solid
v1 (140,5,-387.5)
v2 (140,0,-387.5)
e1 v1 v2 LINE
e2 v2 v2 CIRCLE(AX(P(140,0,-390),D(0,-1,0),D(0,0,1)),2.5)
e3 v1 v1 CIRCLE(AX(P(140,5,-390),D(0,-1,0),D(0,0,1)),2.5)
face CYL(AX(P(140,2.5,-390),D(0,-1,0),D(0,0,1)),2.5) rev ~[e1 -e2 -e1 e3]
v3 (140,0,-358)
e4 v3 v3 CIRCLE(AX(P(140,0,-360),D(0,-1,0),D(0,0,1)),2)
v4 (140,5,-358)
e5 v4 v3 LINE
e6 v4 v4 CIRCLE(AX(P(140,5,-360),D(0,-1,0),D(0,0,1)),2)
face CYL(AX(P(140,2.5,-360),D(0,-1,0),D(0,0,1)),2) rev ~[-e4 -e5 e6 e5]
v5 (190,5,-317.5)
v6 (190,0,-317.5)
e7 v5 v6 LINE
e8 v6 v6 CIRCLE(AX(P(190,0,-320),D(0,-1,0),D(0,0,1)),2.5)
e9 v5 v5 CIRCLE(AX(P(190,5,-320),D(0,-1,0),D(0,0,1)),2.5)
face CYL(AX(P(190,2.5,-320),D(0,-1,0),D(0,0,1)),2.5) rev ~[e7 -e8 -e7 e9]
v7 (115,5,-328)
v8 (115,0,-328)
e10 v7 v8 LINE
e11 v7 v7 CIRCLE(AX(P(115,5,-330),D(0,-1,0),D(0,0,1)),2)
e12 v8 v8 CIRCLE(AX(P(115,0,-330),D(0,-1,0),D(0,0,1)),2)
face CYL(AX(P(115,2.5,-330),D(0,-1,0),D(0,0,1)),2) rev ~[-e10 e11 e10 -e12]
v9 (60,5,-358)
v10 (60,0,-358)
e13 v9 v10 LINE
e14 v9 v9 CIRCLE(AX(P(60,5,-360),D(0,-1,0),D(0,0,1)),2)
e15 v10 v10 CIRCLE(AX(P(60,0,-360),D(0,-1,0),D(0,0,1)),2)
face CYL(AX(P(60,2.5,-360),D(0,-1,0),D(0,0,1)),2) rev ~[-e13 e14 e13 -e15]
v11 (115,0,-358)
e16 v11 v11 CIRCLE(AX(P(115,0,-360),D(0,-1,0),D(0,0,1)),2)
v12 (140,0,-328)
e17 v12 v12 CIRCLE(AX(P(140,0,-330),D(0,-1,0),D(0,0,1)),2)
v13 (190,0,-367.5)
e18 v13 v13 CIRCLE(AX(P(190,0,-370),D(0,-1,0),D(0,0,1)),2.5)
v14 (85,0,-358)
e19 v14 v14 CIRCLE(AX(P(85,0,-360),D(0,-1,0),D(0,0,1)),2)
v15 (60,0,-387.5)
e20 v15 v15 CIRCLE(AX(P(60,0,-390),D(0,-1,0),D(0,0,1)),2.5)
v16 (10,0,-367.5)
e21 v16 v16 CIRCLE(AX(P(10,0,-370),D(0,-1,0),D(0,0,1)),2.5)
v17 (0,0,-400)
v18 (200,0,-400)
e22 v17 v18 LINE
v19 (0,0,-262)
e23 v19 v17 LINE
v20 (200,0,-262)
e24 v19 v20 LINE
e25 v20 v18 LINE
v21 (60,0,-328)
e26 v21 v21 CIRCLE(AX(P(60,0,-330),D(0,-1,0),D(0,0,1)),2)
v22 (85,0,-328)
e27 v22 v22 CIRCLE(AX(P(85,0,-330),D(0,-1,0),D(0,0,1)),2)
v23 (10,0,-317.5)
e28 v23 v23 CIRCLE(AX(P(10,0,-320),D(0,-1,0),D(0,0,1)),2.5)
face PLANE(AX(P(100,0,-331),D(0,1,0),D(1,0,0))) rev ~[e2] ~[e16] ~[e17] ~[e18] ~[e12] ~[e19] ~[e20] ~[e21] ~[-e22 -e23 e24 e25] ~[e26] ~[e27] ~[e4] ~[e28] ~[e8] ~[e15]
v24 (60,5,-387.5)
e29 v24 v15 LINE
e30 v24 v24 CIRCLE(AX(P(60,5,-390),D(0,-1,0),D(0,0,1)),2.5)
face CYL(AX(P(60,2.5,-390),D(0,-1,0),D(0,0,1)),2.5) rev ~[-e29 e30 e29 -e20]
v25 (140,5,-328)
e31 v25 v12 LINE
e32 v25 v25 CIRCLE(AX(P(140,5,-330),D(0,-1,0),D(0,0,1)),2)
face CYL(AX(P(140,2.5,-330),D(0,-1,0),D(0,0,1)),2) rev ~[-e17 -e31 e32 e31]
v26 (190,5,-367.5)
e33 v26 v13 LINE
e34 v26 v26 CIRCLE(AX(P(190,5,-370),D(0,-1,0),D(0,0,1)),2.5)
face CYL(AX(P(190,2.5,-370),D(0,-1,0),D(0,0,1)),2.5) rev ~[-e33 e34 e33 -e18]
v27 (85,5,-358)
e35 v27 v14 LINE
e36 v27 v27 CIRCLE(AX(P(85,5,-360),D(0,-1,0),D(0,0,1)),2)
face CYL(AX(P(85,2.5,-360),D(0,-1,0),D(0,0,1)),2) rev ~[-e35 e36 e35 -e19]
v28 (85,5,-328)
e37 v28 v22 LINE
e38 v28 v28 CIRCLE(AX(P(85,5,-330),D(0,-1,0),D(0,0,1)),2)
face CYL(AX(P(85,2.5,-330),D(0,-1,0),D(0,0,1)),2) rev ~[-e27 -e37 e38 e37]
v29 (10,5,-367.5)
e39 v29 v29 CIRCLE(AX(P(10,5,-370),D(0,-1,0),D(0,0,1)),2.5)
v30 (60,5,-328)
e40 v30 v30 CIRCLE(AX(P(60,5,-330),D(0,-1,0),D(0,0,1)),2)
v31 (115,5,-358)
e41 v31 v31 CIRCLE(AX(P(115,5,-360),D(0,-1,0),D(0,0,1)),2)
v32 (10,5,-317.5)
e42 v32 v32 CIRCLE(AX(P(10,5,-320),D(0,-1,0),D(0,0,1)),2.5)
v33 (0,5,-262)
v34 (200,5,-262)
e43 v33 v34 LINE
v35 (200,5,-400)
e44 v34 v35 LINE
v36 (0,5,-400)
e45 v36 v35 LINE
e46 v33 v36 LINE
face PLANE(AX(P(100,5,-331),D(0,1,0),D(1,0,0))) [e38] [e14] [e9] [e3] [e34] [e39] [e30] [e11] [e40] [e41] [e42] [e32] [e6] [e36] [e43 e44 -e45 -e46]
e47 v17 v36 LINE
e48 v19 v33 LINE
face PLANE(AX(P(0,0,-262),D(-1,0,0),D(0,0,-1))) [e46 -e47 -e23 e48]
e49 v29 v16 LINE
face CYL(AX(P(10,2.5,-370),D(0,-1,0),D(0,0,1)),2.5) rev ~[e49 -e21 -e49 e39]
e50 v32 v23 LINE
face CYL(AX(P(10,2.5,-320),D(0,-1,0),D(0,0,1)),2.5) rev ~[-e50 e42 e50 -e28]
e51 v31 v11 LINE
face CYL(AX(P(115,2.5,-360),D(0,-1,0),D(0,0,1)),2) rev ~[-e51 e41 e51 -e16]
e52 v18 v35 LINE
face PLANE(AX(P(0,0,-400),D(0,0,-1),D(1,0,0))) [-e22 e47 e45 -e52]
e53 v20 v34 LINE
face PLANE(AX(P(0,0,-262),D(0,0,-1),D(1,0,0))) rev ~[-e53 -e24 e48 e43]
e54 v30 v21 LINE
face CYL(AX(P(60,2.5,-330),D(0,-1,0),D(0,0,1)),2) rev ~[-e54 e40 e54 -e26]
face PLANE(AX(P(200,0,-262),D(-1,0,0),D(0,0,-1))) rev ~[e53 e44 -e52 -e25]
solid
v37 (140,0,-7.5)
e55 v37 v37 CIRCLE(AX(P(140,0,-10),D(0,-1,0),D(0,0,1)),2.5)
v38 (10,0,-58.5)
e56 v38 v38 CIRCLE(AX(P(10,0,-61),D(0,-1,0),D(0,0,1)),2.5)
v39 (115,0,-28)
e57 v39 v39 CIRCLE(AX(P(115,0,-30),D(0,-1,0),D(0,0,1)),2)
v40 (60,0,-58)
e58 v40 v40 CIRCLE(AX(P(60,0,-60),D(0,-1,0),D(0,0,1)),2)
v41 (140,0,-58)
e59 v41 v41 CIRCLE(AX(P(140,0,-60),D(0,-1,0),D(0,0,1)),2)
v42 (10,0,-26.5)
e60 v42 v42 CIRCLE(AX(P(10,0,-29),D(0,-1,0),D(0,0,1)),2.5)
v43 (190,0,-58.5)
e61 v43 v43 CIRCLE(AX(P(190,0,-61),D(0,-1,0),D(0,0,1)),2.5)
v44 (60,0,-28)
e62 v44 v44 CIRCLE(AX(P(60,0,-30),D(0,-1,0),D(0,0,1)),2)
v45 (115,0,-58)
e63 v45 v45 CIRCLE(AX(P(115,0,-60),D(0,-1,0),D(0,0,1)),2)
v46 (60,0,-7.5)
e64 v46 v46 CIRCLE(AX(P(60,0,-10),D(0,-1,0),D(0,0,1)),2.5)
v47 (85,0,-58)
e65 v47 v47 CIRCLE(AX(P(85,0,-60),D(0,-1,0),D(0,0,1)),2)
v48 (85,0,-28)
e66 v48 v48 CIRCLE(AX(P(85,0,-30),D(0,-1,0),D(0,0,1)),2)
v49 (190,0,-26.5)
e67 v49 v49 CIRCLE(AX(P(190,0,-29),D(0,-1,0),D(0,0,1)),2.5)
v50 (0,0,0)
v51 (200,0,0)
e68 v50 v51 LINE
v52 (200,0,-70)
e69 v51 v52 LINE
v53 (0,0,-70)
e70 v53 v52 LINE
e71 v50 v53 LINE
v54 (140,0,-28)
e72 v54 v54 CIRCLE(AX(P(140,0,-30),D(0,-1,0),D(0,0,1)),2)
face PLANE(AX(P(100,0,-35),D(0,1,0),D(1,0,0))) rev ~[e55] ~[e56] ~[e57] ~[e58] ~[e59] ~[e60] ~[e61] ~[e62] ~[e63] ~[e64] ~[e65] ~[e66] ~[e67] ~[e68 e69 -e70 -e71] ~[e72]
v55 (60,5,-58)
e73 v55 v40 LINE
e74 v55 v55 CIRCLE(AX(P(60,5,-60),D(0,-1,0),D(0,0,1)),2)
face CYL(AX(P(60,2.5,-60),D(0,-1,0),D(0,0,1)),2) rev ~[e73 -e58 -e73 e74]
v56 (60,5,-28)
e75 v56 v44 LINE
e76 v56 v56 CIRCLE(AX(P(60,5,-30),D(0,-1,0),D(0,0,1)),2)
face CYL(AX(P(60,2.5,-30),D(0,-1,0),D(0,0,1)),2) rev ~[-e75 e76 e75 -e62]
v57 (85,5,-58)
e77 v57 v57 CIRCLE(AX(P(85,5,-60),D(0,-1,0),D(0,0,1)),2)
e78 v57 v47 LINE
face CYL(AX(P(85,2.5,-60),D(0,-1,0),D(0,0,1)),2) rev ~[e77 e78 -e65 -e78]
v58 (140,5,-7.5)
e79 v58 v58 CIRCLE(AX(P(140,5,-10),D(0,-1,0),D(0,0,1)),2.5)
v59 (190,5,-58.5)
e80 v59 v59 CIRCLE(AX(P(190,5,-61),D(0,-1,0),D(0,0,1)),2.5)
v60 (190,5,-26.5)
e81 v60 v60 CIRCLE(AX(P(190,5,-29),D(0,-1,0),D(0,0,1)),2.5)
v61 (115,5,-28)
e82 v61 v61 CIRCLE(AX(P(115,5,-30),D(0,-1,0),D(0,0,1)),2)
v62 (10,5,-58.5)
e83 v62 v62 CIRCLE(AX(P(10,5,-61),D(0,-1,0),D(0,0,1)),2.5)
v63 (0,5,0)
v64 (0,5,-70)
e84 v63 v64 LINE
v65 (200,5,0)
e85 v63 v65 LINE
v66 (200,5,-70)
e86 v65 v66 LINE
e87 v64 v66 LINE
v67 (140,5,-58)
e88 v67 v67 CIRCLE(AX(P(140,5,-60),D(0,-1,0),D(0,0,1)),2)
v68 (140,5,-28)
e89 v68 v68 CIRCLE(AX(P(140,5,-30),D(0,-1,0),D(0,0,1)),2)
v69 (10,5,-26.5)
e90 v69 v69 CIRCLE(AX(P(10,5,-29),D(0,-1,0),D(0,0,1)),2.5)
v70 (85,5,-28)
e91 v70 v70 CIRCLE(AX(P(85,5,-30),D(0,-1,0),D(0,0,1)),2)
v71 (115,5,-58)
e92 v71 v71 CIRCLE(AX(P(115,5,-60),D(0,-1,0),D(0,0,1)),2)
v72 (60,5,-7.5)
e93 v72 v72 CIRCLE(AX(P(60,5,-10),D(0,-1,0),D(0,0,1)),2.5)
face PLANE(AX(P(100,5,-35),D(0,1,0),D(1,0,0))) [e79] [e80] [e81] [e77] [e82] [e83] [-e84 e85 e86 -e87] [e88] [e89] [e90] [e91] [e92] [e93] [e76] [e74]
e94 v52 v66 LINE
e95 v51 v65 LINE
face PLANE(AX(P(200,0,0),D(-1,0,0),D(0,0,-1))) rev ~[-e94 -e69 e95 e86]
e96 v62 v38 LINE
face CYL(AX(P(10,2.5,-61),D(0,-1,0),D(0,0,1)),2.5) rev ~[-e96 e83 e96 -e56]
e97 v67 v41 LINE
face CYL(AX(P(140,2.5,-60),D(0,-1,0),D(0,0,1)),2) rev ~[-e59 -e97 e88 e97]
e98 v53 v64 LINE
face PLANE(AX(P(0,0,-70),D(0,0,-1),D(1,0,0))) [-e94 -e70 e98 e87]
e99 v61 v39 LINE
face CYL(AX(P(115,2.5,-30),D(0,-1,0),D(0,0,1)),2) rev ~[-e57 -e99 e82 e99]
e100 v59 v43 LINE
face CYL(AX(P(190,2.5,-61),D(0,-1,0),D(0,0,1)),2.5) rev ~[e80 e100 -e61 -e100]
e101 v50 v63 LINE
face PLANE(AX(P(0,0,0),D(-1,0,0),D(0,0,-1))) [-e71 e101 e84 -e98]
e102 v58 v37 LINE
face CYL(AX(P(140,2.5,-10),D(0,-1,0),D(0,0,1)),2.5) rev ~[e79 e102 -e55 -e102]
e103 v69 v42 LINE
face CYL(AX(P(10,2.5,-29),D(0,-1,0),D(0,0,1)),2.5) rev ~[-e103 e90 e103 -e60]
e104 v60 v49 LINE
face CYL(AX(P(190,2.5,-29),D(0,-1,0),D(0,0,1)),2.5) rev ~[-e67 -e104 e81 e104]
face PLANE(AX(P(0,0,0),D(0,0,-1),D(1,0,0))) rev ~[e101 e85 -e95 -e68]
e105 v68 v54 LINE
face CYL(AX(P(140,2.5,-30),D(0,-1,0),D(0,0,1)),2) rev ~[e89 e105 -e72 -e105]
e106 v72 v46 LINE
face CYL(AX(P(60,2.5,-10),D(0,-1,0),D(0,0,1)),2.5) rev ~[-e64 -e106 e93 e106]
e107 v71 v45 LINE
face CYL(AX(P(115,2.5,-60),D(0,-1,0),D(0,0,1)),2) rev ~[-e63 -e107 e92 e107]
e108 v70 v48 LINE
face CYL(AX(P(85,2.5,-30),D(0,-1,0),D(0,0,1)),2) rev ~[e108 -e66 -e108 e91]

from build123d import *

# Parameters (mm, degrees)
SKETCH_1_W                      = 200
SKETCH_1_H                      = 70
EXTRUDE_1_DEPTH                 = 5
SKETCH_1_H_2                    = 138
EXTRUDE_1_2_DEPTH               = 5
SKETCH_2_W                      = 2
SKETCH_2_H                      = 5
HOLE_WIZARD_4_0_4_1_AT_2_COUNT  = 2
HOLE_WIZARD_4_0_4_1_AT_2_PITCH  = 25
HOLE_WIZARD_4_0_4_1_AT_3_COUNT  = 2
HOLE_WIZARD_4_0_4_1_AT_3_PITCH  = 30
HOLE_WIZARD_4_0_4_1_AT_4_COUNT  = 2
HOLE_WIZARD_4_0_4_1_AT_4_PITCH  = 39.05124838
HOLE_WIZARD_4_0_4_1_AT_5_COUNT  = 2
HOLE_WIZARD_4_0_4_1_AT_5_PITCH  = 55
HOLE_WIZARD_4_0_4_1_AT_6_COUNT  = 2
HOLE_WIZARD_4_0_4_1_AT_6_PITCH  = 80
HOLE_WIZARD_4_0_4_1_AT_7_COUNT  = 2
HOLE_WIZARD_4_0_4_1_AT_7_PITCH  = 62.649820431
HOLE_WIZARD_4_0_4_1_AT_8_COUNT  = 2
HOLE_WIZARD_4_0_4_1_AT_8_PITCH  = 85.440037453
HOLE_WIZARD_4_0_4_1_AT_9_COUNT  = 2
HOLE_WIZARD_4_0_4_1_AT_9_PITCH  = 300
HOLE_WIZARD_4_0_4_1_AT_10_COUNT = 2
HOLE_WIZARD_4_0_4_1_AT_10_PITCH = 301.03986447
HOLE_WIZARD_4_0_4_1_AT_11_COUNT = 2
HOLE_WIZARD_4_0_4_1_AT_11_PITCH = 330
HOLE_WIZARD_4_0_4_1_AT_12_COUNT = 2
HOLE_WIZARD_4_0_4_1_AT_12_PITCH = 330.945614867
HOLE_WIZARD_4_0_4_1_AT_13_COUNT = 2
HOLE_WIZARD_4_0_4_1_AT_13_PITCH = 305
HOLE_WIZARD_4_0_4_1_AT_14_COUNT = 2
HOLE_WIZARD_4_0_4_1_AT_14_PITCH = 310.483493925
HOLE_WIZARD_4_0_4_1_AT_15_COUNT = 2
HOLE_WIZARD_4_0_4_1_AT_15_PITCH = 334.551939166
HOLE_WIZARD_4_0_4_1_AT_16_COUNT = 2
HOLE_WIZARD_4_0_4_1_AT_16_PITCH = 339.558536927
SKETCH_4_W                      = 2.5
SKETCH_4_H                      = 5
HOLE_WIZARD_5_0_5_1_AT_2_COUNT  = 2
HOLE_WIZARD_5_0_5_1_AT_2_PITCH  = 50
HOLE_WIZARD_5_0_5_1_AT_3_COUNT  = 2
HOLE_WIZARD_5_0_5_1_AT_3_PITCH  = 180
HOLE_WIZARD_5_0_5_1_AT_4_COUNT  = 2
HOLE_WIZARD_5_0_5_1_AT_4_PITCH  = 186.815416923
HOLE_WIZARD_5_0_5_1_AT_5_COUNT  = 2
HOLE_WIZARD_5_0_5_1_AT_5_PITCH  = 357.604530173
HOLE_WIZARD_5_0_5_1_AT_6_COUNT  = 2
HOLE_WIZARD_5_0_5_1_AT_6_PITCH  = 385.591753024
HOLE_WIZARD_5_0_5_1_AT_7_COUNT  = 2
HOLE_WIZARD_5_0_5_1_AT_7_PITCH  = 309
HOLE_WIZARD_5_0_5_1_AT_8_COUNT  = 2
HOLE_WIZARD_5_0_5_1_AT_8_PITCH  = 341
HOLE_WIZARD_5_0_5_1_AT_9_COUNT  = 2
HOLE_WIZARD_5_0_5_1_AT_9_PITCH  = 53.851648071
HOLE_WIZARD_5_0_5_1_AT_10_COUNT = 2
HOLE_WIZARD_5_0_5_1_AT_10_PITCH = 131.52946438
HOLE_WIZARD_5_0_5_1_AT_11_COUNT = 2
HOLE_WIZARD_5_0_5_1_AT_11_PITCH = 363.455636908
HOLE_WIZARD_5_0_5_1_AT_12_COUNT = 2
HOLE_WIZARD_5_0_5_1_AT_12_PITCH = 382.75318418


with BuildPart() as part:
    # 草图1 → 凸台-拉伸1 (new body)
    with BuildSketch(Plane(origin=(0, 0, 0), x_dir=(1, 0, 0), z_dir=(0, 1, 0))):
        with Locations((100, 35)):
            Rectangle(SKETCH_1_W, SKETCH_1_H)
    extrude(amount=EXTRUDE_1_DEPTH)


with BuildPart() as body_2:
    # 草图1 → Extrude 1 2 (new body)
    with BuildSketch(Plane(origin=(0, 0, 0), x_dir=(1, 0, 0), z_dir=(0, 1, 0))):
        with Locations((100, 331)):
            Rectangle(SKETCH_1_W, SKETCH_1_H_2)
    extrude(amount=EXTRUDE_1_2_DEPTH)

    # 草图2 → Ø4.0 (4) 直径孔1 (revolve, cut)
    with BuildSketch(Plane(origin=(60, 5, -360), x_dir=(0, 0, 1), z_dir=(1, 0, 0))):
        with Locations((1, 2.5)):
            Rectangle(SKETCH_2_W, SKETCH_2_H)
    hole_wizard_4_0_4_1 = revolve(axis=Axis((60, 11.35, -360), (0, -1, 0)), mode=Mode.SUBTRACT)

    # Ø4.0 (4) 直径孔1 at 2: Ø4.0 (4) 直径孔1 ×2
    with Locations(*[(i * HOLE_WIZARD_4_0_4_1_AT_2_PITCH, 0, 0) for i in range(1, HOLE_WIZARD_4_0_4_1_AT_2_COUNT)]):
        add(hole_wizard_4_0_4_1, mode=Mode.SUBTRACT)

    # Ø4.0 (4) 直径孔1 at 3: Ø4.0 (4) 直径孔1 ×2
    with Locations(*[(0, 0, i * HOLE_WIZARD_4_0_4_1_AT_3_PITCH) for i in range(1, HOLE_WIZARD_4_0_4_1_AT_3_COUNT)]):
        add(hole_wizard_4_0_4_1, mode=Mode.SUBTRACT)

    # Ø4.0 (4) 直径孔1 at 4: Ø4.0 (4) 直径孔1 ×2
    with Locations(*[Vector(0.6401843996644797, 0, 0.7682212795973761) * (i * HOLE_WIZARD_4_0_4_1_AT_4_PITCH) for i in range(1, HOLE_WIZARD_4_0_4_1_AT_4_COUNT)]):
        add(hole_wizard_4_0_4_1, mode=Mode.SUBTRACT)

    # Ø4.0 (4) 直径孔1 at 5: Ø4.0 (4) 直径孔1 ×2
    with Locations(*[(i * HOLE_WIZARD_4_0_4_1_AT_5_PITCH, 0, 0) for i in range(1, HOLE_WIZARD_4_0_4_1_AT_5_COUNT)]):
        add(hole_wizard_4_0_4_1, mode=Mode.SUBTRACT)

    # Ø4.0 (4) 直径孔1 at 6: Ø4.0 (4) 直径孔1 ×2
    with Locations(*[(i * HOLE_WIZARD_4_0_4_1_AT_6_PITCH, 0, 0) for i in range(1, HOLE_WIZARD_4_0_4_1_AT_6_COUNT)]):
        add(hole_wizard_4_0_4_1, mode=Mode.SUBTRACT)

    # Ø4.0 (4) 直径孔1 at 7: Ø4.0 (4) 直径孔1 ×2
    with Locations(*[Vector(0.8778955729143845, 0, 0.47885213068057325) * (i * HOLE_WIZARD_4_0_4_1_AT_7_PITCH) for i in range(1, HOLE_WIZARD_4_0_4_1_AT_7_COUNT)]):
        add(hole_wizard_4_0_4_1, mode=Mode.SUBTRACT)

    # Ø4.0 (4) 直径孔1 at 8: Ø4.0 (4) 直径孔1 ×2
    with Locations(*[Vector(0.9363291775690445, 0, 0.3511234415883917) * (i * HOLE_WIZARD_4_0_4_1_AT_8_PITCH) for i in range(1, HOLE_WIZARD_4_0_4_1_AT_8_COUNT)]):
        add(hole_wizard_4_0_4_1, mode=Mode.SUBTRACT)

    # 草图4 → Ø5.0 (5) 直径孔1 (revolve, cut)
    with BuildSketch(Plane(origin=(10, 5, -370), x_dir=(0, 0, 1), z_dir=(1, 0, 0))):
        with Locations((1.25, 2.5)):
            Rectangle(SKETCH_4_W, SKETCH_4_H)
    hole_wizard_5_0_5_1 = revolve(axis=Axis((10, 11.35, -370), (0, -1, 0)), mode=Mode.SUBTRACT)

    # Ø5.0 (5) 直径孔1 at 2: Ø5.0 (5) 直径孔1 ×2
    with Locations(*[(0, 0, i * HOLE_WIZARD_5_0_5_1_AT_2_PITCH) for i in range(1, HOLE_WIZARD_5_0_5_1_AT_2_COUNT)]):
        add(hole_wizard_5_0_5_1, mode=Mode.SUBTRACT)

    # Ø5.0 (5) 直径孔1 at 3: Ø5.0 (5) 直径孔1 ×2
    with Locations(*[(i * HOLE_WIZARD_5_0_5_1_AT_3_PITCH, 0, 0) for i in range(1, HOLE_WIZARD_5_0_5_1_AT_3_COUNT)]):
        add(hole_wizard_5_0_5_1, mode=Mode.SUBTRACT)

    # Ø5.0 (5) 直径孔1 at 4: Ø5.0 (5) 直径孔1 ×2
    with Locations(*[Vector(0.9635179096299407, 0, 0.26764386378609467) * (i * HOLE_WIZARD_5_0_5_1_AT_4_PITCH) for i in range(1, HOLE_WIZARD_5_0_5_1_AT_4_COUNT)]):
        add(hole_wizard_5_0_5_1, mode=Mode.SUBTRACT)

    # Ø5.0 (5) 直径孔1 at 9: Ø5.0 (5) 直径孔1 ×2
    with Locations(*[Vector(0.928476690885259, 0, -0.37139067635410467) * (i * HOLE_WIZARD_5_0_5_1_AT_9_PITCH) for i in range(1, HOLE_WIZARD_5_0_5_1_AT_9_COUNT)]):
        add(hole_wizard_5_0_5_1, mode=Mode.SUBTRACT)

    # Ø5.0 (5) 直径孔1 at 10: Ø5.0 (5) 直径孔1 ×2
    with Locations(*[Vector(0.9883716976506172, 0, -0.15205718425394152) * (i * HOLE_WIZARD_5_0_5_1_AT_10_PITCH) for i in range(1, HOLE_WIZARD_5_0_5_1_AT_10_COUNT)]):
        add(hole_wizard_5_0_5_1, mode=Mode.SUBTRACT)


with BuildPart() as part_1:
    add(part.part)

    # Ø4.0 (4) 直径孔1 at 9: Ø4.0 (4) 直径孔1 ×2
    with Locations(*[(0, 0, i * HOLE_WIZARD_4_0_4_1_AT_9_PITCH) for i in range(1, HOLE_WIZARD_4_0_4_1_AT_9_COUNT)]):
        add(hole_wizard_4_0_4_1, mode=Mode.SUBTRACT)

    # Ø4.0 (4) 直径孔1 at 10: Ø4.0 (4) 直径孔1 ×2
    with Locations(*[Vector(0.08304547985373993, 0, 0.9965457582448797) * (i * HOLE_WIZARD_4_0_4_1_AT_10_PITCH) for i in range(1, HOLE_WIZARD_4_0_4_1_AT_10_COUNT)]):
        add(hole_wizard_4_0_4_1, mode=Mode.SUBTRACT)

    # Ø4.0 (4) 直径孔1 at 11: Ø4.0 (4) 直径孔1 ×2
    with Locations(*[(0, 0, i * HOLE_WIZARD_4_0_4_1_AT_11_PITCH) for i in range(1, HOLE_WIZARD_4_0_4_1_AT_11_COUNT)]):
        add(hole_wizard_4_0_4_1, mode=Mode.SUBTRACT)

    # Ø4.0 (4) 直径孔1 at 12: Ø4.0 (4) 直径孔1 ×2
    with Locations(*[Vector(0.07554111272939011, 0, 0.99714268802795) * (i * HOLE_WIZARD_4_0_4_1_AT_12_PITCH) for i in range(1, HOLE_WIZARD_4_0_4_1_AT_12_COUNT)]):
        add(hole_wizard_4_0_4_1, mode=Mode.SUBTRACT)

    # Ø4.0 (4) 直径孔1 at 13: Ø4.0 (4) 直径孔1 ×2
    with Locations(*[Vector(0.18032786885245905, 0, 0.9836065573770492) * (i * HOLE_WIZARD_4_0_4_1_AT_13_PITCH) for i in range(1, HOLE_WIZARD_4_0_4_1_AT_13_COUNT)]):
        add(hole_wizard_4_0_4_1, mode=Mode.SUBTRACT)

    # Ø4.0 (4) 直径孔1 at 14: Ø4.0 (4) 直径孔1 ×2
    with Locations(*[Vector(0.25766265056033233, 0, 0.9662349396012463) * (i * HOLE_WIZARD_4_0_4_1_AT_14_PITCH) for i in range(1, HOLE_WIZARD_4_0_4_1_AT_14_COUNT)]):
        add(hole_wizard_4_0_4_1, mode=Mode.SUBTRACT)

    # Ø4.0 (4) 直径孔1 at 15: Ø4.0 (4) 直径孔1 ×2
    with Locations(*[Vector(0.16439898730535735, 0, 0.9863939238321437) * (i * HOLE_WIZARD_4_0_4_1_AT_15_PITCH) for i in range(1, HOLE_WIZARD_4_0_4_1_AT_15_COUNT)]):
        add(hole_wizard_4_0_4_1, mode=Mode.SUBTRACT)

    # Ø4.0 (4) 直径孔1 at 16: Ø4.0 (4) 直径孔1 ×2
    with Locations(*[Vector(0.2356000256215042, 0, 0.9718501056887048) * (i * HOLE_WIZARD_4_0_4_1_AT_16_PITCH) for i in range(1, HOLE_WIZARD_4_0_4_1_AT_16_COUNT)]):
        add(hole_wizard_4_0_4_1, mode=Mode.SUBTRACT)

    # Ø5.0 (5) 直径孔1 at 5: Ø5.0 (5) 直径孔1 ×2
    with Locations(*[Vector(0.5033493281337852, 0, 0.864083013296331) * (i * HOLE_WIZARD_5_0_5_1_AT_5_PITCH) for i in range(1, HOLE_WIZARD_5_0_5_1_AT_5_COUNT)]):
        add(hole_wizard_5_0_5_1, mode=Mode.SUBTRACT)

    # Ø5.0 (5) 直径孔1 at 6: Ø5.0 (5) 直径孔1 ×2
    with Locations(*[Vector(0.466814963205061, 0, 0.8843550136273653) * (i * HOLE_WIZARD_5_0_5_1_AT_6_PITCH) for i in range(1, HOLE_WIZARD_5_0_5_1_AT_6_COUNT)]):
        add(hole_wizard_5_0_5_1, mode=Mode.SUBTRACT)

    # Ø5.0 (5) 直径孔1 at 7: Ø5.0 (5) 直径孔1 ×2
    with Locations(*[(0, 0, i * HOLE_WIZARD_5_0_5_1_AT_7_PITCH) for i in range(1, HOLE_WIZARD_5_0_5_1_AT_7_COUNT)]):
        add(hole_wizard_5_0_5_1, mode=Mode.SUBTRACT)

    # Ø5.0 (5) 直径孔1 at 8: Ø5.0 (5) 直径孔1 ×2
    with Locations(*[(0, 0, i * HOLE_WIZARD_5_0_5_1_AT_8_PITCH) for i in range(1, HOLE_WIZARD_5_0_5_1_AT_8_COUNT)]):
        add(hole_wizard_5_0_5_1, mode=Mode.SUBTRACT)

    # Ø5.0 (5) 直径孔1 at 11: Ø5.0 (5) 直径孔1 ×2
    with Locations(*[Vector(0.13756837127468777, 0, 0.9904922731777517) * (i * HOLE_WIZARD_5_0_5_1_AT_11_PITCH) for i in range(1, HOLE_WIZARD_5_0_5_1_AT_11_COUNT)]):
        add(hole_wizard_5_0_5_1, mode=Mode.SUBTRACT)

    # Ø5.0 (5) 直径孔1 at 12: Ø5.0 (5) 直径孔1 ×2
    with Locations(*[Vector(0.3396444637775568, 0, 0.9405538996916956) * (i * HOLE_WIZARD_5_0_5_1_AT_12_PITCH) for i in range(1, HOLE_WIZARD_5_0_5_1_AT_12_COUNT)]):
        add(hole_wizard_5_0_5_1, mode=Mode.SUBTRACT)


solid = Compound([body_2.part, part_1.part])
